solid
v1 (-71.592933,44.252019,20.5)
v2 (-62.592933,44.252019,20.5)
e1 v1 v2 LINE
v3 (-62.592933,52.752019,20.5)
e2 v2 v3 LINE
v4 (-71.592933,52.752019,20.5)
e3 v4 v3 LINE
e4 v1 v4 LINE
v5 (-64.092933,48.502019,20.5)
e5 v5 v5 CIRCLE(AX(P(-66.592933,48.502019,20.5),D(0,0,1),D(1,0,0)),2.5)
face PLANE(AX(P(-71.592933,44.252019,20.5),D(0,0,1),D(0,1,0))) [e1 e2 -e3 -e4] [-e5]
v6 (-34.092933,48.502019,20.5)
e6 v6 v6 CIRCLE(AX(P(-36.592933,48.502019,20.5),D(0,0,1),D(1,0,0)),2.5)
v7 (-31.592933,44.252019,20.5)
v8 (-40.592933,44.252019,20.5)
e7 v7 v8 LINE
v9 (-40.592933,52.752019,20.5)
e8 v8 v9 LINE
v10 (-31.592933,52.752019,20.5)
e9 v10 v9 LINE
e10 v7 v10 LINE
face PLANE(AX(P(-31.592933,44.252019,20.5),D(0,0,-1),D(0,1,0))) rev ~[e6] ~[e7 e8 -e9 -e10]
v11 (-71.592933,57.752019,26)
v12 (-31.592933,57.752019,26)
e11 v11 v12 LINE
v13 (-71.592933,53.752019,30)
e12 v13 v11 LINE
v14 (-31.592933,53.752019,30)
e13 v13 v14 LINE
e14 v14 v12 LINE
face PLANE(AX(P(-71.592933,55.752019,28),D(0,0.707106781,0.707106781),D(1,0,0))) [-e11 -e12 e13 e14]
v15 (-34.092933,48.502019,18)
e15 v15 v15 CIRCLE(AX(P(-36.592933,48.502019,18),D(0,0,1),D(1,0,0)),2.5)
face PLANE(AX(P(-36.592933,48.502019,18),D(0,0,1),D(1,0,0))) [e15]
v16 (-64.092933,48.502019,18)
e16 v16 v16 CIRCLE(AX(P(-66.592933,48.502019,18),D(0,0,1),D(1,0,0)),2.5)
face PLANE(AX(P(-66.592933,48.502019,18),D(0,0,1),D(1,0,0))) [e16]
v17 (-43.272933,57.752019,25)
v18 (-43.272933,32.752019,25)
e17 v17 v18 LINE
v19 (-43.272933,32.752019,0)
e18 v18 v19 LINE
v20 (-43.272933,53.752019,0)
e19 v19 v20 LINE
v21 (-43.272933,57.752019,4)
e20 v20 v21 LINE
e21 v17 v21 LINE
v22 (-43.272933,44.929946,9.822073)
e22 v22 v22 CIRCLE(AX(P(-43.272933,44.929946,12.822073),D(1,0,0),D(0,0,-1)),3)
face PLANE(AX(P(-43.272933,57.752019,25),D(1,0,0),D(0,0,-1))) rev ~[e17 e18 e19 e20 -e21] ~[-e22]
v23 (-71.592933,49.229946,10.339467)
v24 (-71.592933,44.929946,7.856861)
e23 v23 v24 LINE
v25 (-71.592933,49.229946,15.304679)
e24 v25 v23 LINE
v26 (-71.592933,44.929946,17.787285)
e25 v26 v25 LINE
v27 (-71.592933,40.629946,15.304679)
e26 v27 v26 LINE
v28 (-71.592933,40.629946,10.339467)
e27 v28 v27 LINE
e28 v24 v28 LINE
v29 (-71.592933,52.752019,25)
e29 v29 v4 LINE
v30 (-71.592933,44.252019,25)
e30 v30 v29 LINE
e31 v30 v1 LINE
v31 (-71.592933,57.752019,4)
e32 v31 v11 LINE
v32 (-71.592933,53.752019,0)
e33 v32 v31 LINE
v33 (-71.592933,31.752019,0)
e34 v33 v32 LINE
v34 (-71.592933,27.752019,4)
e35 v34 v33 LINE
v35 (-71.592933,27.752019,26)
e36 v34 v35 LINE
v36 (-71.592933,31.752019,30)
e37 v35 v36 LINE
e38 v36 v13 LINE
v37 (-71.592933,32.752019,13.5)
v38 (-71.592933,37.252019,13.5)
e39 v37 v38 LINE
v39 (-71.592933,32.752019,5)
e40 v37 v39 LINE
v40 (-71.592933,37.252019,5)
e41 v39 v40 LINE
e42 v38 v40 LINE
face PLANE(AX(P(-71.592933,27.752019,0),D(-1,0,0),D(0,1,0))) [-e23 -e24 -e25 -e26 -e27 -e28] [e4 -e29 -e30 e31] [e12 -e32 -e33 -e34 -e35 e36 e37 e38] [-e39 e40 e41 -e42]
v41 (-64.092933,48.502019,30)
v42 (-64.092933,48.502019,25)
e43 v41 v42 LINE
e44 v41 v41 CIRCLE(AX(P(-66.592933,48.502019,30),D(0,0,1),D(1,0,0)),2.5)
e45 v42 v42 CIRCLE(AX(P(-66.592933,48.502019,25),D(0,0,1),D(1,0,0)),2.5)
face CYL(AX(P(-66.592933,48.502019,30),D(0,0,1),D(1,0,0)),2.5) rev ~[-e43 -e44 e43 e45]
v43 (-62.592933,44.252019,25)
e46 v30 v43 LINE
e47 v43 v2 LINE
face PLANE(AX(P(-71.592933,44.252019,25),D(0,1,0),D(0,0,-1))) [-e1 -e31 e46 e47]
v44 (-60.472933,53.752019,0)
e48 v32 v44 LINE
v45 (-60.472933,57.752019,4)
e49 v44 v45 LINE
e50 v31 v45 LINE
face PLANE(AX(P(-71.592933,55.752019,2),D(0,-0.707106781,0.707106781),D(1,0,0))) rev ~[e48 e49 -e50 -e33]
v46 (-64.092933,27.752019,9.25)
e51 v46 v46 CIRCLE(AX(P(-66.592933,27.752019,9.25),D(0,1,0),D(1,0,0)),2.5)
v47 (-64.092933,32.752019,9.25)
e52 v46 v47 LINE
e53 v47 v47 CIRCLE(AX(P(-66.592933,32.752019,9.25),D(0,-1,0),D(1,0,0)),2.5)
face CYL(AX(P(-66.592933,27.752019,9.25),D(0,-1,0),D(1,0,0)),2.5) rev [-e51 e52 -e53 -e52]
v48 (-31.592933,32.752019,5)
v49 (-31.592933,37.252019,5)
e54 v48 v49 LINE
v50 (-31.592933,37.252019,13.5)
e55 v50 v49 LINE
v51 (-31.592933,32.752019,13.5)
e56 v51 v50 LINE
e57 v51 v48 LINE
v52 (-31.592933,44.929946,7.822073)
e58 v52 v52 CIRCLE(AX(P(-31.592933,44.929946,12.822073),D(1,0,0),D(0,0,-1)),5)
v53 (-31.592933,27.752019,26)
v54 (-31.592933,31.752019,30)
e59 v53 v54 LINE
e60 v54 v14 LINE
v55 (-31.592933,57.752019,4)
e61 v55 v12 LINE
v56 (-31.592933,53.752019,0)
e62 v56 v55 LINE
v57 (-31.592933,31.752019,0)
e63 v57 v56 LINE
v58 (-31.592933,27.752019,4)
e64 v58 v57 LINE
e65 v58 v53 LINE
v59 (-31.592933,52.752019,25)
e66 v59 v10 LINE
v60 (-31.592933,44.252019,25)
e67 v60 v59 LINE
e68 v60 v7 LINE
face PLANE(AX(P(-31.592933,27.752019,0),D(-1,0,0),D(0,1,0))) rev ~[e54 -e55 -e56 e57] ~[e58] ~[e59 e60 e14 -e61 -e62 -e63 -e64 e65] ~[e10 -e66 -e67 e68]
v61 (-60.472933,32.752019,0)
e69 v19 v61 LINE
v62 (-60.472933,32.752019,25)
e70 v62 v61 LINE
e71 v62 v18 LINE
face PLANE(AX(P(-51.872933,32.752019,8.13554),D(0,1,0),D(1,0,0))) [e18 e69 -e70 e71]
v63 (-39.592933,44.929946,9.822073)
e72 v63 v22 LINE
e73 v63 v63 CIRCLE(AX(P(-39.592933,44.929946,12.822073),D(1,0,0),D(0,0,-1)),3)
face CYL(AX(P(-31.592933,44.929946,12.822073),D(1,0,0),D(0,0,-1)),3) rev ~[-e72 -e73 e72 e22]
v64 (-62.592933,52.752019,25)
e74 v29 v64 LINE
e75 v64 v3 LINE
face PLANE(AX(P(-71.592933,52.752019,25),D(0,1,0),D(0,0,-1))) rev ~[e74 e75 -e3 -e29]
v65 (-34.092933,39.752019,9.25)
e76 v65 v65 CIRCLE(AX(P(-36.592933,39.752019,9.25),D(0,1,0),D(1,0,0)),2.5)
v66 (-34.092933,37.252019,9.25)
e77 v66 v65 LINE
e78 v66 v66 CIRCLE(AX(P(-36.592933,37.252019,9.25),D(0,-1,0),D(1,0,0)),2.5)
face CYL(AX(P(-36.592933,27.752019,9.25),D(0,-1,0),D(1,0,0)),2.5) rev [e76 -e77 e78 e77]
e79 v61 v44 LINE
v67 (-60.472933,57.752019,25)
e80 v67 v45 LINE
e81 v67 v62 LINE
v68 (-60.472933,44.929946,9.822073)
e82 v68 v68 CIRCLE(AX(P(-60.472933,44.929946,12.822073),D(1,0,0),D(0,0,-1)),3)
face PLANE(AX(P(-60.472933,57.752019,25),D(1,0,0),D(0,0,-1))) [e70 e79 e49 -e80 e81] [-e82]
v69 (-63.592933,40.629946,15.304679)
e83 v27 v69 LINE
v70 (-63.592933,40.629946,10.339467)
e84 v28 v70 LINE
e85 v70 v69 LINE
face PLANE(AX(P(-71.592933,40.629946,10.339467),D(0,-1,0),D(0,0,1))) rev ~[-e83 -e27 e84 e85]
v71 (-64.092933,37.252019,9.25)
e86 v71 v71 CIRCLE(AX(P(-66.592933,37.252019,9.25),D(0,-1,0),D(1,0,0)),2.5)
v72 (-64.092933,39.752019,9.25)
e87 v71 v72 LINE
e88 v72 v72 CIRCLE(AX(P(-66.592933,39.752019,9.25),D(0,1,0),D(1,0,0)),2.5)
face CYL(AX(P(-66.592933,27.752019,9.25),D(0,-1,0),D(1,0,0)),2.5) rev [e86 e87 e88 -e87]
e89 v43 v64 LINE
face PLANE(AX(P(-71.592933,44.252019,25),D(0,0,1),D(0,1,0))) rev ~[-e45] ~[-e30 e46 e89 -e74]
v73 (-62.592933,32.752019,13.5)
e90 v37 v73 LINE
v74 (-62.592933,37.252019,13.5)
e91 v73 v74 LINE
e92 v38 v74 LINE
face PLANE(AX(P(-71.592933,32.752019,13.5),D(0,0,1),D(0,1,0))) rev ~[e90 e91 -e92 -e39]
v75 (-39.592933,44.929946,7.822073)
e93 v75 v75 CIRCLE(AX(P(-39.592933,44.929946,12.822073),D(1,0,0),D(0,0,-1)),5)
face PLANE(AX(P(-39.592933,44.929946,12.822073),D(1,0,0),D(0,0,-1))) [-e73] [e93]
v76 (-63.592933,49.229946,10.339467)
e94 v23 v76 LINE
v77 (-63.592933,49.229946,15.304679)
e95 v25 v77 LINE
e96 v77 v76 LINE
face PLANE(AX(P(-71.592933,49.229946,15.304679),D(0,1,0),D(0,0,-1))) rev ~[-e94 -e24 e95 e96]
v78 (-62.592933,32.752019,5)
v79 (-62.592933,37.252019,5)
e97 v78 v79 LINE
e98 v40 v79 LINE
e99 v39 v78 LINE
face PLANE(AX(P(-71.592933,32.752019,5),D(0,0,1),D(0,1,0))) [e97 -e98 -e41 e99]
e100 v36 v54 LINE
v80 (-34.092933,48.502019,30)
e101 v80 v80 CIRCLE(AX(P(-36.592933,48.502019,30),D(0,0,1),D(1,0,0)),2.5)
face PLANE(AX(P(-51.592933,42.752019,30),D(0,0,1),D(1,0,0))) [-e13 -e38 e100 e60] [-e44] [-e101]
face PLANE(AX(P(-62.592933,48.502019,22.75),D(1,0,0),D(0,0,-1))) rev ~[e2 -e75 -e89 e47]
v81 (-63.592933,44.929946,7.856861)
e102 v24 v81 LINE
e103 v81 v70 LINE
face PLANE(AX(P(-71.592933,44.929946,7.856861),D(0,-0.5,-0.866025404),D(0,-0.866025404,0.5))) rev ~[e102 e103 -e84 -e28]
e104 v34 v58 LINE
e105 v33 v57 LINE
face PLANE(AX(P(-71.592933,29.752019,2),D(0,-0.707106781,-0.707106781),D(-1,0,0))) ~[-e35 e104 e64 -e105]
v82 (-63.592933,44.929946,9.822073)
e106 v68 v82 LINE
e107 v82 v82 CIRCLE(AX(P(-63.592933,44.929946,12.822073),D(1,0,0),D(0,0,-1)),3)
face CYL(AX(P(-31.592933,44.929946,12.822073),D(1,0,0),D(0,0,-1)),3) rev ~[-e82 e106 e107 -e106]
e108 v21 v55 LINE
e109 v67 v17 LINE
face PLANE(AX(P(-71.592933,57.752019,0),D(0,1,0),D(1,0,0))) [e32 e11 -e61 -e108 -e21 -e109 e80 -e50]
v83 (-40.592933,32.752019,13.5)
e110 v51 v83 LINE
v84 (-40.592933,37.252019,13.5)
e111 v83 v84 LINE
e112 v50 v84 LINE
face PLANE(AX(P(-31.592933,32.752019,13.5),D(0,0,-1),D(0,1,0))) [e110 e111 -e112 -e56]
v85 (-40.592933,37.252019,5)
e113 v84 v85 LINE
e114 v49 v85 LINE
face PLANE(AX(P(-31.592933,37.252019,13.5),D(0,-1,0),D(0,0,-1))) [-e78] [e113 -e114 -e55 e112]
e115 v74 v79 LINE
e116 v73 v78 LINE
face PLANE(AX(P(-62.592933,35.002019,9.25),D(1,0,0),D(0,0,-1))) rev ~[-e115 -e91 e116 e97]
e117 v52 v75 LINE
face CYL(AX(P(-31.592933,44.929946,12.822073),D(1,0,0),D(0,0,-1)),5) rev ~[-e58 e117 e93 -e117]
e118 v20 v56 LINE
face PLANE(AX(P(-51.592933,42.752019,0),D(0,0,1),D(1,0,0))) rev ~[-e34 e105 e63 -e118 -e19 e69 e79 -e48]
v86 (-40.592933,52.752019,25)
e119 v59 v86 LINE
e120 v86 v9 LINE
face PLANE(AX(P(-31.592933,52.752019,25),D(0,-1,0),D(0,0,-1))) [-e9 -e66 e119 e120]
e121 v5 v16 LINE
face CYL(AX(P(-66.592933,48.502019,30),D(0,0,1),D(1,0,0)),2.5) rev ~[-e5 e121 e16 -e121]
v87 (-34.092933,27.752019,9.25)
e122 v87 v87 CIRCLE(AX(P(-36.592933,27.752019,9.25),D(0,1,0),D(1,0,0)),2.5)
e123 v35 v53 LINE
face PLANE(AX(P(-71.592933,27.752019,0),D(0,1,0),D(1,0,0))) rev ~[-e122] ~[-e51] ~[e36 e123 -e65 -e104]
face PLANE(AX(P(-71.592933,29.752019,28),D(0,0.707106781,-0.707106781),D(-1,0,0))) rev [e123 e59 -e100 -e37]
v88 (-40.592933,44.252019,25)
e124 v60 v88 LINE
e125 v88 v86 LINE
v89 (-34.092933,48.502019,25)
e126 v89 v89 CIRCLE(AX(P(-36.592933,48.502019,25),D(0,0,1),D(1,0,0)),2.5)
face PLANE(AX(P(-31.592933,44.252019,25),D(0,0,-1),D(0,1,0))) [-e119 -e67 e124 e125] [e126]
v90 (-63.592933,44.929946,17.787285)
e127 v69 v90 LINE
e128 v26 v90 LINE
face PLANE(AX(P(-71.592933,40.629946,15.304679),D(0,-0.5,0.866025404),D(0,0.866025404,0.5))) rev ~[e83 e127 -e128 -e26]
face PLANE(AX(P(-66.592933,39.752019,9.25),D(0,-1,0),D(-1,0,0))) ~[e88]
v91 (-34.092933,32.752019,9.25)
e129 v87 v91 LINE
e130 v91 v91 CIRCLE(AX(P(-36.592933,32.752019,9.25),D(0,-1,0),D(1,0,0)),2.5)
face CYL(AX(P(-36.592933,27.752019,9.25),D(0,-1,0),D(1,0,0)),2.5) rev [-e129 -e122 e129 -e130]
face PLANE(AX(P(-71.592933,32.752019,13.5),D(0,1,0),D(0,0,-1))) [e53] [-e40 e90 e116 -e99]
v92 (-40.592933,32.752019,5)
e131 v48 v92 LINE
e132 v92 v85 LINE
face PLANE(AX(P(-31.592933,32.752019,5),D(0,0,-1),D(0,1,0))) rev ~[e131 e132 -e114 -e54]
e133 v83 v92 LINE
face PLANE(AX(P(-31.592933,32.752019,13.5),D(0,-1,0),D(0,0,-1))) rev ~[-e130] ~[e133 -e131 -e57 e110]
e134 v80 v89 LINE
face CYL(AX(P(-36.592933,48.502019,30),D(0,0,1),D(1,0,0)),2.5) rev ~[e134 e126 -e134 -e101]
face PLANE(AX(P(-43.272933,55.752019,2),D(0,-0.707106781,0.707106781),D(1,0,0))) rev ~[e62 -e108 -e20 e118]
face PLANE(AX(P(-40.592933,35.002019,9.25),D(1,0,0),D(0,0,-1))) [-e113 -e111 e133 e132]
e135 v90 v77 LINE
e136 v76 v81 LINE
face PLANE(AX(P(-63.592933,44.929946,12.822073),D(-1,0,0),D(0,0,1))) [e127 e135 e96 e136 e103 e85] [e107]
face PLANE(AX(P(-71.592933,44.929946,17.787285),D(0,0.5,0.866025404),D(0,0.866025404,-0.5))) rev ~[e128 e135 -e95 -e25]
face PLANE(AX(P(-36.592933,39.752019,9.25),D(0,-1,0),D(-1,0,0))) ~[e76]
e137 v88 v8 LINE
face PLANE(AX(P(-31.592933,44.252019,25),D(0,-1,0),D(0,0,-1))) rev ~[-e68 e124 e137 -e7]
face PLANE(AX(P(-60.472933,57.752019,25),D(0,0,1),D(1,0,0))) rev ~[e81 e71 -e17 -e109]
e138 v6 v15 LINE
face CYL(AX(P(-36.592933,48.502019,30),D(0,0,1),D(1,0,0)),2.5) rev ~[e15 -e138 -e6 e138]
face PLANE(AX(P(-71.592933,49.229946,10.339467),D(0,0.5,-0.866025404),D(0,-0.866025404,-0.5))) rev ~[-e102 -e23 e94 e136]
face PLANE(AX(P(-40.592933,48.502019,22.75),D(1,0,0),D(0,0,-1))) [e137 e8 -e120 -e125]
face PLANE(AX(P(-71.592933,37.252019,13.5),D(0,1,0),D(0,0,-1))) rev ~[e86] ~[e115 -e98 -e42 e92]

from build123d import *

# Parameters (mm, degrees)
SKETCH1_W           = 39.999999999
SKETCH1_H           = 30
BOSS_EXTRUDE1_DEPTH = 30
SKETCH2_W           = 17.2
SKETCH2_H           = 33.728920846
CUT_EXTRUDE1_DEPTH  = 25
SKETCH3_R           = 3
CUT_EXTRUDE2_DEPTH  = 77.38910698
SKETCH4_W           = 8.5
SKETCH4_H           = 4.5
SKETCH4_W_2         = 4.5
SKETCH4_H_2         = 8.5
CUT_EXTRUDE3_DEPTH  = 9
CUT_EXTRUDE4_START  = -40
SKETCH4_2_W         = 8.5
SKETCH4_2_H         = 4.5
SKETCH4_2_W_2       = 4.5
SKETCH4_2_H_2       = 8.5
CUT_EXTRUDE4_DEPTH  = 9
SKETCH5_R           = 2.5
CUT_EXTRUDE5_DEPTH  = 12
CHAMFER1_SIZE       = 4
SKETCH6_R           = 5
CUT_EXTRUDE6_DEPTH  = 8
CUT_EXTRUDE7_DEPTH  = 8


with BuildPart() as part:
    # Sketch1 → Boss-Extrude1 (new body)
    with BuildSketch(Plane.XY):
        with Locations((-51.592932584, 42.752018711)):
            Rectangle(SKETCH1_W, SKETCH1_H)
    extrude(amount=BOSS_EXTRUDE1_DEPTH)

    # Sketch2 → Cut-Extrude1 (cut)
    with BuildSketch(Plane(origin=(0, 57.752018711, 0), x_dir=(1, 0, 0), z_dir=(0, 1, 0))):
        with Locations((-51.872932582, -8.135539577)):
            Rectangle(SKETCH2_W, SKETCH2_H)
    extrude(amount=-CUT_EXTRUDE1_DEPTH, mode=Mode.SUBTRACT)

    # Sketch3 → Cut-Extrude2 (cut, through all)
    with BuildSketch(Plane(origin=(-31.592932584, 0, 0), x_dir=(0, 0, -1), z_dir=(1, 0, 0))):
        with Locations((-12.822072937, 44.929945774)):
            Circle(SKETCH3_R)
    extrude(amount=-CUT_EXTRUDE2_DEPTH, mode=Mode.SUBTRACT)

    # Sketch4 → Cut-Extrude3 (cut)
    with BuildSketch(Plane(origin=(-31.592932584, 0, 0), x_dir=(0, 0, -1), z_dir=(1, 0, 0))):
        with Locations((-9.25, 35.002018711)):
            Rectangle(SKETCH4_W, SKETCH4_H)
        with Locations((-22.75, 48.502018711)):
            Rectangle(SKETCH4_W_2, SKETCH4_H_2)
    extrude(amount=-CUT_EXTRUDE3_DEPTH, mode=Mode.SUBTRACT)

    # Sketch4<2> → Cut-Extrude4 (cut)
    with BuildSketch(Plane(origin=(-31.592932584, 0, 0), x_dir=(0, 0, -1), z_dir=(1, 0, 0)).offset(CUT_EXTRUDE4_START)):
        with Locations((-9.25, 35.002018711)):
            Rectangle(SKETCH4_2_W, SKETCH4_2_H)
        with Locations((-22.75, 48.502018711)):
            Rectangle(SKETCH4_2_W_2, SKETCH4_2_H_2)
    extrude(amount=CUT_EXTRUDE4_DEPTH, mode=Mode.SUBTRACT)

    # Sketch5 → Cut-Extrude5 (cut)
    with BuildSketch(Plane.XY.offset(30)):
        with Locations((-66.592932583, 48.502018711)):
            Circle(SKETCH5_R)
        with Locations((-36.592932584, 48.502018711)):
            Circle(SKETCH5_R)
    cut_extrude5 = extrude(amount=-CUT_EXTRUDE5_DEPTH, mode=Mode.SUBTRACT)

    # Mirror1: Cut-Extrude5 across plane
    add(cut_extrude5.mirror(Plane(origin=(0, 28.876009355, 28.876009355), x_dir=(0, -0.7071067811865478, 0.7071067811865472), z_dir=(0, -0.7071067811865475, -0.7071067811865477))), mode=Mode.SUBTRACT)

    # Chamfer1
    chamfer1_edges = [part.edges().sort_by_distance(p)[0] for p in [
        (-51.592932584, 27.752018711, 30),
        (-66.032932583, 57.752018711, 0),
        (-51.592932584, 27.752018711, 0),
        (-37.432932583, 57.752018711, 0),
        (-51.592932584, 57.752018711, 30),
    ]]
    chamfer(chamfer1_edges, length=CHAMFER1_SIZE)

    # Sketch6 → Cut-Extrude6 (cut)
    with BuildSketch(Plane(origin=(-31.592932584, 0, 0), x_dir=(0, 0, -1), z_dir=(1, 0, 0))):
        with Locations((-12.822072937, 44.929945774)):
            Circle(SKETCH6_R)
    extrude(amount=-CUT_EXTRUDE6_DEPTH, mode=Mode.SUBTRACT)

    # Sketch7 → Cut-Extrude7 (cut)
    with BuildSketch(Plane.ZY.offset(71.592932583)):
        Polygon((15.304679094, 40.629945774), (17.787285252, 44.929945774), (15.304679094, 49.229945774), (10.339466779, 49.229945774), (7.856860622, 44.929945774), (10.339466779, 40.629945774), align=None)
    extrude(amount=-CUT_EXTRUDE7_DEPTH, mode=Mode.SUBTRACT)


solid = part.part
